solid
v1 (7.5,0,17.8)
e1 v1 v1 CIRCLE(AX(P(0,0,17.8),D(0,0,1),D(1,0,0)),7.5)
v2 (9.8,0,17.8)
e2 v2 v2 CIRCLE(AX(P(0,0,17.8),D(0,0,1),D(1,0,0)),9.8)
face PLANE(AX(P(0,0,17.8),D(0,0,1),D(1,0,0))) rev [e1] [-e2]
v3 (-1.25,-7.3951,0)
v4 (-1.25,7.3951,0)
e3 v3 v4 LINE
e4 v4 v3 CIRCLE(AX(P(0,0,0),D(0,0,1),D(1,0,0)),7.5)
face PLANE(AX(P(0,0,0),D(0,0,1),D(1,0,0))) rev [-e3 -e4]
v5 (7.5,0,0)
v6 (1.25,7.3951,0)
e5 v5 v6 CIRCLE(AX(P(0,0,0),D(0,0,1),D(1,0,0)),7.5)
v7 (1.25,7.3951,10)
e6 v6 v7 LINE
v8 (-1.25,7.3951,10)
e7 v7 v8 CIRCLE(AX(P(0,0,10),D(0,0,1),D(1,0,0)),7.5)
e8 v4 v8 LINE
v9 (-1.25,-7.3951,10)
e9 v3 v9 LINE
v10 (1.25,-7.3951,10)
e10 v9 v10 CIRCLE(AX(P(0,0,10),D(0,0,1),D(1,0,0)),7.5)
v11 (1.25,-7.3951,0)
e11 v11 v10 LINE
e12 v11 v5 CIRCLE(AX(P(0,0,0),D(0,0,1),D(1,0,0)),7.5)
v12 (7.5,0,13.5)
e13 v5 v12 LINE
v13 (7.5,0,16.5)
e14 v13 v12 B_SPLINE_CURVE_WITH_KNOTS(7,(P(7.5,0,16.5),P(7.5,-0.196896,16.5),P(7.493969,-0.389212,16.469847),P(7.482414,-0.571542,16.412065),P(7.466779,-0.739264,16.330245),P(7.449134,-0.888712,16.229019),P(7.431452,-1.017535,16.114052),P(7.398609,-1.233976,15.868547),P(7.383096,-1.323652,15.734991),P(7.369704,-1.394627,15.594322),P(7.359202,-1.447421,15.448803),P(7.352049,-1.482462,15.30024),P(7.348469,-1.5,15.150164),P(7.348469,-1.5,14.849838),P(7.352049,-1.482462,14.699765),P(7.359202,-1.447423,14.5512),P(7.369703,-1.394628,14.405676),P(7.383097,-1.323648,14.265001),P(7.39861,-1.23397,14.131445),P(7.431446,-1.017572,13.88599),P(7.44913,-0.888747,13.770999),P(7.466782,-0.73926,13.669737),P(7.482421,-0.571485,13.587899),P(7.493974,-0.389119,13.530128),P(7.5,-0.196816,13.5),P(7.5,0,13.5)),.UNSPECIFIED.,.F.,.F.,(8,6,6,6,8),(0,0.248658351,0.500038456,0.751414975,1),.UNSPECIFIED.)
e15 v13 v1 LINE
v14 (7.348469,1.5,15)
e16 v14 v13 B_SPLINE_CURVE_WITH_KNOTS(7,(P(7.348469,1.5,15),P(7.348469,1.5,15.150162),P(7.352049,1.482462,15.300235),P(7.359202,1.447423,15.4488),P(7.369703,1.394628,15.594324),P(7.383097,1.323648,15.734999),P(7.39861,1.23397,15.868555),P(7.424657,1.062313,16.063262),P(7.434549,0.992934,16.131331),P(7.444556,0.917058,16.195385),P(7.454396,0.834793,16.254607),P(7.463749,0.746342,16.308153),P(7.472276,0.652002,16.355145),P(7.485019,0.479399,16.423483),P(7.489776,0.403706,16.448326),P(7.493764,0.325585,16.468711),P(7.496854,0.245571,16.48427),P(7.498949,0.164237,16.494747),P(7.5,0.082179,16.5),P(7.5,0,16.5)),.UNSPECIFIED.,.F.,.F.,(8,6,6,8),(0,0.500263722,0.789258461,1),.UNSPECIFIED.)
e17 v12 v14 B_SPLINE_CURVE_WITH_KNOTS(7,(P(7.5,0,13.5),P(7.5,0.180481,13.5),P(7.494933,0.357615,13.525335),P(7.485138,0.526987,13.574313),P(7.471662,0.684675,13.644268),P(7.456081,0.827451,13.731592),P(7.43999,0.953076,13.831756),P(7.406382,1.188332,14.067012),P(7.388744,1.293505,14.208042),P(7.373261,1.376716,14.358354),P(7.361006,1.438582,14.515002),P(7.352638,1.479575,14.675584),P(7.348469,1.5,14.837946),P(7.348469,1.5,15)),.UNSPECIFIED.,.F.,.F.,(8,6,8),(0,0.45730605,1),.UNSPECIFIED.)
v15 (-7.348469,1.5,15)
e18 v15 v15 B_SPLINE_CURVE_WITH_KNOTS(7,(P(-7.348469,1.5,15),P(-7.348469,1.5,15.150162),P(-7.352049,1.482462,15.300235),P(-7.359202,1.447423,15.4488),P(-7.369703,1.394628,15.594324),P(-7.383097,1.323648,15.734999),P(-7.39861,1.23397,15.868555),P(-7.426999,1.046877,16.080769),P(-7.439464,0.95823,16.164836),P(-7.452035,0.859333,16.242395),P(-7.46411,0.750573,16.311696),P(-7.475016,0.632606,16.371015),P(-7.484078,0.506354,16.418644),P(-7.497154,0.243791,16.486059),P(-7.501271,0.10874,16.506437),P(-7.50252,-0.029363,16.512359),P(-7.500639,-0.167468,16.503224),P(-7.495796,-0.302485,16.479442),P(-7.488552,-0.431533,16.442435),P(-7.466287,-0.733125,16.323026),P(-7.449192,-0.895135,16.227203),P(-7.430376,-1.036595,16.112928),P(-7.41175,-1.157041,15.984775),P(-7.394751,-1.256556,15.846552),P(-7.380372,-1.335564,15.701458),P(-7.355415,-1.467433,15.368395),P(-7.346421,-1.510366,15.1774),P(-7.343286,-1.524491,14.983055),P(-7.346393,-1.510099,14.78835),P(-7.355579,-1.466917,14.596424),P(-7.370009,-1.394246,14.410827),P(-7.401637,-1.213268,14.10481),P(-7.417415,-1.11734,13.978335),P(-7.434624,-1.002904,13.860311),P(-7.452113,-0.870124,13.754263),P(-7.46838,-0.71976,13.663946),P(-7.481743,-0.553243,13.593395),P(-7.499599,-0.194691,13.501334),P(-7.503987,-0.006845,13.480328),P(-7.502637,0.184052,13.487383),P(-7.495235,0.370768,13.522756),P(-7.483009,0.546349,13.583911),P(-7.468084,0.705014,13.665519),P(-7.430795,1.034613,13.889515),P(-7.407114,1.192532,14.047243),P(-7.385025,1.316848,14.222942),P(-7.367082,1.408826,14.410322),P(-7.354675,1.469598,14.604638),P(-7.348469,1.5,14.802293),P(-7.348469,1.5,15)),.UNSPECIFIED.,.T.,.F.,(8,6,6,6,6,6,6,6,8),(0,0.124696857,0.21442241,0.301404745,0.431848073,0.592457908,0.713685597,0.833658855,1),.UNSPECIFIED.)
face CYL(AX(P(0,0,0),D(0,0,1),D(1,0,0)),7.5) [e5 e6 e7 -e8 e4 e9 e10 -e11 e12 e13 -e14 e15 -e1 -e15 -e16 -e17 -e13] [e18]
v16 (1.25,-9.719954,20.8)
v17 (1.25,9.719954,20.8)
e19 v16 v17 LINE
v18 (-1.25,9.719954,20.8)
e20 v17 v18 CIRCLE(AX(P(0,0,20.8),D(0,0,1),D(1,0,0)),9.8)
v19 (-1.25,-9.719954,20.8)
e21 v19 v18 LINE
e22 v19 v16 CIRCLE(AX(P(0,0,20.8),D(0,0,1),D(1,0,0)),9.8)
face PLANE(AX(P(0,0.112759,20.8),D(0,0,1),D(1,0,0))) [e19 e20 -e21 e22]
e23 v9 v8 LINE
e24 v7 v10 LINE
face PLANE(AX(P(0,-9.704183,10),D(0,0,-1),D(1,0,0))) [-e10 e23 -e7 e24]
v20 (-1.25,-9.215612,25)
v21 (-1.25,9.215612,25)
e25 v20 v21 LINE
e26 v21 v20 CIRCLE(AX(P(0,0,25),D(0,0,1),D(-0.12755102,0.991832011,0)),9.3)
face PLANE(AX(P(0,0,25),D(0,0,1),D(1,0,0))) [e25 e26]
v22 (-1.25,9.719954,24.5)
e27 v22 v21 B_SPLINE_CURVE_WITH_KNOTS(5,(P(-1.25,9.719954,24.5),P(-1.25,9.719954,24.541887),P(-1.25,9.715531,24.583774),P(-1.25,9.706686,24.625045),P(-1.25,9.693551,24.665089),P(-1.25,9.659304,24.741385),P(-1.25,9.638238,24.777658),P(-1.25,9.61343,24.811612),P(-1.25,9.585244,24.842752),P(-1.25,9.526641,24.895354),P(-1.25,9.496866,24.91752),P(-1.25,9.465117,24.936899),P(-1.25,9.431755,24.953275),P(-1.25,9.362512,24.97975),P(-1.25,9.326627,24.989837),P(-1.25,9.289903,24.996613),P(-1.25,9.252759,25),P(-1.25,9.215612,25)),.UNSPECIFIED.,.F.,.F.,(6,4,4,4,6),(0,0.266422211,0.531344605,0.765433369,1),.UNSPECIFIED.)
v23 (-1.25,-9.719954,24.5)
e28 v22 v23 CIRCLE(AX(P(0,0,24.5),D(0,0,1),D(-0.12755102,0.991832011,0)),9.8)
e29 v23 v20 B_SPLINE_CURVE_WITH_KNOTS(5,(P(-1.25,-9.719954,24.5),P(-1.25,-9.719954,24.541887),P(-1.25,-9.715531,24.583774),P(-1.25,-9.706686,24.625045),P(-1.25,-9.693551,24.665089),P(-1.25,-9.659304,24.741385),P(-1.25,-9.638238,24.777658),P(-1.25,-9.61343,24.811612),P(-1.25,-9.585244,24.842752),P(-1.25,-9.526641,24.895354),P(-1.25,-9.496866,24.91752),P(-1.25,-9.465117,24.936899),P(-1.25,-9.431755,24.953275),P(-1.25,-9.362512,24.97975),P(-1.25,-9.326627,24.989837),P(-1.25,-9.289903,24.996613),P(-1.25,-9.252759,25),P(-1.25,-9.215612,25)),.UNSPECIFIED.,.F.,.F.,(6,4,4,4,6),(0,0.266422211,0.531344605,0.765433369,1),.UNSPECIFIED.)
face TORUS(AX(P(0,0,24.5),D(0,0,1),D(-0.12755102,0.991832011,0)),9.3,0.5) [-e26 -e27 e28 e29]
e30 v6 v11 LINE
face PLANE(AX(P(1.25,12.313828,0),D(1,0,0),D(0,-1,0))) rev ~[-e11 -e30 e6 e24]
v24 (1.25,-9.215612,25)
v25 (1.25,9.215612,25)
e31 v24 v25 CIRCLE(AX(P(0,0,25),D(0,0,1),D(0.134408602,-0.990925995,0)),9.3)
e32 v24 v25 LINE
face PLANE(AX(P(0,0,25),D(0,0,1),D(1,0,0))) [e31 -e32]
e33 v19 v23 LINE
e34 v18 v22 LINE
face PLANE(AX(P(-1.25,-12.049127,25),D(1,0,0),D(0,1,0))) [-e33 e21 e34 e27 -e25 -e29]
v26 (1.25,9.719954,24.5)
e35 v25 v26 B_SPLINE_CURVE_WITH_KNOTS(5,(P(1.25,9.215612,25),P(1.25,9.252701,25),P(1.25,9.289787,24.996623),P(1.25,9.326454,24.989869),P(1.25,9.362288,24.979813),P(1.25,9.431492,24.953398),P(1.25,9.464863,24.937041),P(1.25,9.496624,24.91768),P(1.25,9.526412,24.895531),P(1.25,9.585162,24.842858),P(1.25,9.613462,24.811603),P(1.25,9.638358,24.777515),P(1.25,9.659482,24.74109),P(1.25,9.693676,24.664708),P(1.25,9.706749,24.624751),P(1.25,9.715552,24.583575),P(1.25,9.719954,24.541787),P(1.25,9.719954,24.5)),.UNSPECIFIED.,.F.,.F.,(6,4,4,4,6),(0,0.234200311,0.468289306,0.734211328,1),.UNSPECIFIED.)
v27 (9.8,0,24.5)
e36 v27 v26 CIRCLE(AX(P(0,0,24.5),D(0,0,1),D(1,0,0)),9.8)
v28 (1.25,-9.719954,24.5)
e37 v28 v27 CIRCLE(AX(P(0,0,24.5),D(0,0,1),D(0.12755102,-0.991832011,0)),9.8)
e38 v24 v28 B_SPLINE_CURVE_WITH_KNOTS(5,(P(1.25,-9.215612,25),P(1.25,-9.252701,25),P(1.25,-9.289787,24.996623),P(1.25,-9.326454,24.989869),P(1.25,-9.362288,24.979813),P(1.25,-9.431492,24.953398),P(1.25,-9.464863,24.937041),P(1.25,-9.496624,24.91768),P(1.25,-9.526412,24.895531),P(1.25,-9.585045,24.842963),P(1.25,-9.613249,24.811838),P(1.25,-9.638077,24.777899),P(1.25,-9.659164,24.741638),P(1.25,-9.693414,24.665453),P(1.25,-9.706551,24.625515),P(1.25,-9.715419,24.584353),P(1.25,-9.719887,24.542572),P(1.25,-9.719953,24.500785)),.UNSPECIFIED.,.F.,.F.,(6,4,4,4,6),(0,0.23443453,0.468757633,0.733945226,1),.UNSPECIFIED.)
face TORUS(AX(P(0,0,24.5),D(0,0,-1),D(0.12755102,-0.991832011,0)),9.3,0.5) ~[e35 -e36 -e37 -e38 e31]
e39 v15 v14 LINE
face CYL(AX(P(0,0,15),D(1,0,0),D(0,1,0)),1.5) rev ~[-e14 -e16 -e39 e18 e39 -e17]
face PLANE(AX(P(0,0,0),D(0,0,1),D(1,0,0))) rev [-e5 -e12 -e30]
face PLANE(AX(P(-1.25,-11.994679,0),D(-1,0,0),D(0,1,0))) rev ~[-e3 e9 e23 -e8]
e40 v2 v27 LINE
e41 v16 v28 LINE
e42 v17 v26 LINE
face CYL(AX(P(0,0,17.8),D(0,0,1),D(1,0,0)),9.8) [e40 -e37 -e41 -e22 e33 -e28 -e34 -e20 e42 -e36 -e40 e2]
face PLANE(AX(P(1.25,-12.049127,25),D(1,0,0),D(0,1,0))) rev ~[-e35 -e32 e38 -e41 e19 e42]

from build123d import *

# Parameters (mm, degrees)
F2_W     = 2.5
F2_H     = 24.3237719702
F3_DEPTH = 4.2
F4_R     = 0.5
F6_DEPTH = 10
F7_R     = 1.5
F8_DEPTH = 17.8


with BuildPart() as f1:
    # F0 (on Front) → F1 (revolve)
    with BuildSketch(Plane.XZ):
        Polygon((9.8, 25), (0, 25), (0, 0), (7.5, 0), (7.5, 17.8), (9.8, 17.8), align=None)
    revolve(axis=Axis((0, 0, 12.5), (0, 0, 1)))

    # F2 (on face) → F3 (cut)
    with BuildSketch(Plane.XY.offset(25)):
        with Locations((0, 0.1127594552)):
            Rectangle(F2_W, F2_H)
    extrude(amount=-F3_DEPTH, mode=Mode.SUBTRACT)

    # F4
    f4_edges = [f1.edges().sort_by_distance(p)[0] for p in [
        (-9.8, 0, 25),
        (7.358329, -6.472635, 25),
        (7.358329, 6.472635, 25),
    ]]
    fillet(f4_edges, radius=F4_R)

    # F5 (on face) → F6 (cut)
    with BuildSketch(Plane(origin=(0, 0, 0), x_dir=(1, 0, 0), z_dir=(0, 0, -1))):
        with BuildLine():
            Line((1.25, 11.9946791686), (-1.25, 11.9946791686))
            Line((-1.25, 11.9946791686), (-1.25, 7.3950997289))
            ThreePointArc((-1.25, 7.3950997289), (0, 7.5), (1.25, 7.3950997289))
            Line((1.25, 7.3950997289), (1.25, 11.9946791686))
        make_face()
        with BuildLine():
            ThreePointArc((1.25, -7.3950997289), (0, -7.5), (-1.25, -7.3950997289))
            Line((-1.25, -7.3950997289), (-1.25, -12.3138278868))
            Line((-1.25, -12.3138278868), (1.25, -12.3138278868))
            Line((1.25, -12.3138278868), (1.25, -7.3950997289))
        make_face()
        with BuildLine():
            ThreePointArc((1.25, 7.3950997289), (0, 7.5), (-1.25, 7.3950997289))
            Line((-1.25, 7.3950997289), (-1.25, -7.3950997289))
            ThreePointArc((-1.25, -7.3950997289), (0, -7.5), (1.25, -7.3950997289))
            Line((1.25, -7.3950997289), (1.25, 7.3950997289))
        make_face()
    extrude(amount=-F6_DEPTH, mode=Mode.SUBTRACT)

    # F7 (on Right) → F8 (cut, symmetric)
    with BuildSketch(Plane.YZ):
        with Locations((0, 15)):
            Circle(F7_R)
    extrude(amount=F8_DEPTH, both=True, mode=Mode.SUBTRACT)


solid = f1.part
